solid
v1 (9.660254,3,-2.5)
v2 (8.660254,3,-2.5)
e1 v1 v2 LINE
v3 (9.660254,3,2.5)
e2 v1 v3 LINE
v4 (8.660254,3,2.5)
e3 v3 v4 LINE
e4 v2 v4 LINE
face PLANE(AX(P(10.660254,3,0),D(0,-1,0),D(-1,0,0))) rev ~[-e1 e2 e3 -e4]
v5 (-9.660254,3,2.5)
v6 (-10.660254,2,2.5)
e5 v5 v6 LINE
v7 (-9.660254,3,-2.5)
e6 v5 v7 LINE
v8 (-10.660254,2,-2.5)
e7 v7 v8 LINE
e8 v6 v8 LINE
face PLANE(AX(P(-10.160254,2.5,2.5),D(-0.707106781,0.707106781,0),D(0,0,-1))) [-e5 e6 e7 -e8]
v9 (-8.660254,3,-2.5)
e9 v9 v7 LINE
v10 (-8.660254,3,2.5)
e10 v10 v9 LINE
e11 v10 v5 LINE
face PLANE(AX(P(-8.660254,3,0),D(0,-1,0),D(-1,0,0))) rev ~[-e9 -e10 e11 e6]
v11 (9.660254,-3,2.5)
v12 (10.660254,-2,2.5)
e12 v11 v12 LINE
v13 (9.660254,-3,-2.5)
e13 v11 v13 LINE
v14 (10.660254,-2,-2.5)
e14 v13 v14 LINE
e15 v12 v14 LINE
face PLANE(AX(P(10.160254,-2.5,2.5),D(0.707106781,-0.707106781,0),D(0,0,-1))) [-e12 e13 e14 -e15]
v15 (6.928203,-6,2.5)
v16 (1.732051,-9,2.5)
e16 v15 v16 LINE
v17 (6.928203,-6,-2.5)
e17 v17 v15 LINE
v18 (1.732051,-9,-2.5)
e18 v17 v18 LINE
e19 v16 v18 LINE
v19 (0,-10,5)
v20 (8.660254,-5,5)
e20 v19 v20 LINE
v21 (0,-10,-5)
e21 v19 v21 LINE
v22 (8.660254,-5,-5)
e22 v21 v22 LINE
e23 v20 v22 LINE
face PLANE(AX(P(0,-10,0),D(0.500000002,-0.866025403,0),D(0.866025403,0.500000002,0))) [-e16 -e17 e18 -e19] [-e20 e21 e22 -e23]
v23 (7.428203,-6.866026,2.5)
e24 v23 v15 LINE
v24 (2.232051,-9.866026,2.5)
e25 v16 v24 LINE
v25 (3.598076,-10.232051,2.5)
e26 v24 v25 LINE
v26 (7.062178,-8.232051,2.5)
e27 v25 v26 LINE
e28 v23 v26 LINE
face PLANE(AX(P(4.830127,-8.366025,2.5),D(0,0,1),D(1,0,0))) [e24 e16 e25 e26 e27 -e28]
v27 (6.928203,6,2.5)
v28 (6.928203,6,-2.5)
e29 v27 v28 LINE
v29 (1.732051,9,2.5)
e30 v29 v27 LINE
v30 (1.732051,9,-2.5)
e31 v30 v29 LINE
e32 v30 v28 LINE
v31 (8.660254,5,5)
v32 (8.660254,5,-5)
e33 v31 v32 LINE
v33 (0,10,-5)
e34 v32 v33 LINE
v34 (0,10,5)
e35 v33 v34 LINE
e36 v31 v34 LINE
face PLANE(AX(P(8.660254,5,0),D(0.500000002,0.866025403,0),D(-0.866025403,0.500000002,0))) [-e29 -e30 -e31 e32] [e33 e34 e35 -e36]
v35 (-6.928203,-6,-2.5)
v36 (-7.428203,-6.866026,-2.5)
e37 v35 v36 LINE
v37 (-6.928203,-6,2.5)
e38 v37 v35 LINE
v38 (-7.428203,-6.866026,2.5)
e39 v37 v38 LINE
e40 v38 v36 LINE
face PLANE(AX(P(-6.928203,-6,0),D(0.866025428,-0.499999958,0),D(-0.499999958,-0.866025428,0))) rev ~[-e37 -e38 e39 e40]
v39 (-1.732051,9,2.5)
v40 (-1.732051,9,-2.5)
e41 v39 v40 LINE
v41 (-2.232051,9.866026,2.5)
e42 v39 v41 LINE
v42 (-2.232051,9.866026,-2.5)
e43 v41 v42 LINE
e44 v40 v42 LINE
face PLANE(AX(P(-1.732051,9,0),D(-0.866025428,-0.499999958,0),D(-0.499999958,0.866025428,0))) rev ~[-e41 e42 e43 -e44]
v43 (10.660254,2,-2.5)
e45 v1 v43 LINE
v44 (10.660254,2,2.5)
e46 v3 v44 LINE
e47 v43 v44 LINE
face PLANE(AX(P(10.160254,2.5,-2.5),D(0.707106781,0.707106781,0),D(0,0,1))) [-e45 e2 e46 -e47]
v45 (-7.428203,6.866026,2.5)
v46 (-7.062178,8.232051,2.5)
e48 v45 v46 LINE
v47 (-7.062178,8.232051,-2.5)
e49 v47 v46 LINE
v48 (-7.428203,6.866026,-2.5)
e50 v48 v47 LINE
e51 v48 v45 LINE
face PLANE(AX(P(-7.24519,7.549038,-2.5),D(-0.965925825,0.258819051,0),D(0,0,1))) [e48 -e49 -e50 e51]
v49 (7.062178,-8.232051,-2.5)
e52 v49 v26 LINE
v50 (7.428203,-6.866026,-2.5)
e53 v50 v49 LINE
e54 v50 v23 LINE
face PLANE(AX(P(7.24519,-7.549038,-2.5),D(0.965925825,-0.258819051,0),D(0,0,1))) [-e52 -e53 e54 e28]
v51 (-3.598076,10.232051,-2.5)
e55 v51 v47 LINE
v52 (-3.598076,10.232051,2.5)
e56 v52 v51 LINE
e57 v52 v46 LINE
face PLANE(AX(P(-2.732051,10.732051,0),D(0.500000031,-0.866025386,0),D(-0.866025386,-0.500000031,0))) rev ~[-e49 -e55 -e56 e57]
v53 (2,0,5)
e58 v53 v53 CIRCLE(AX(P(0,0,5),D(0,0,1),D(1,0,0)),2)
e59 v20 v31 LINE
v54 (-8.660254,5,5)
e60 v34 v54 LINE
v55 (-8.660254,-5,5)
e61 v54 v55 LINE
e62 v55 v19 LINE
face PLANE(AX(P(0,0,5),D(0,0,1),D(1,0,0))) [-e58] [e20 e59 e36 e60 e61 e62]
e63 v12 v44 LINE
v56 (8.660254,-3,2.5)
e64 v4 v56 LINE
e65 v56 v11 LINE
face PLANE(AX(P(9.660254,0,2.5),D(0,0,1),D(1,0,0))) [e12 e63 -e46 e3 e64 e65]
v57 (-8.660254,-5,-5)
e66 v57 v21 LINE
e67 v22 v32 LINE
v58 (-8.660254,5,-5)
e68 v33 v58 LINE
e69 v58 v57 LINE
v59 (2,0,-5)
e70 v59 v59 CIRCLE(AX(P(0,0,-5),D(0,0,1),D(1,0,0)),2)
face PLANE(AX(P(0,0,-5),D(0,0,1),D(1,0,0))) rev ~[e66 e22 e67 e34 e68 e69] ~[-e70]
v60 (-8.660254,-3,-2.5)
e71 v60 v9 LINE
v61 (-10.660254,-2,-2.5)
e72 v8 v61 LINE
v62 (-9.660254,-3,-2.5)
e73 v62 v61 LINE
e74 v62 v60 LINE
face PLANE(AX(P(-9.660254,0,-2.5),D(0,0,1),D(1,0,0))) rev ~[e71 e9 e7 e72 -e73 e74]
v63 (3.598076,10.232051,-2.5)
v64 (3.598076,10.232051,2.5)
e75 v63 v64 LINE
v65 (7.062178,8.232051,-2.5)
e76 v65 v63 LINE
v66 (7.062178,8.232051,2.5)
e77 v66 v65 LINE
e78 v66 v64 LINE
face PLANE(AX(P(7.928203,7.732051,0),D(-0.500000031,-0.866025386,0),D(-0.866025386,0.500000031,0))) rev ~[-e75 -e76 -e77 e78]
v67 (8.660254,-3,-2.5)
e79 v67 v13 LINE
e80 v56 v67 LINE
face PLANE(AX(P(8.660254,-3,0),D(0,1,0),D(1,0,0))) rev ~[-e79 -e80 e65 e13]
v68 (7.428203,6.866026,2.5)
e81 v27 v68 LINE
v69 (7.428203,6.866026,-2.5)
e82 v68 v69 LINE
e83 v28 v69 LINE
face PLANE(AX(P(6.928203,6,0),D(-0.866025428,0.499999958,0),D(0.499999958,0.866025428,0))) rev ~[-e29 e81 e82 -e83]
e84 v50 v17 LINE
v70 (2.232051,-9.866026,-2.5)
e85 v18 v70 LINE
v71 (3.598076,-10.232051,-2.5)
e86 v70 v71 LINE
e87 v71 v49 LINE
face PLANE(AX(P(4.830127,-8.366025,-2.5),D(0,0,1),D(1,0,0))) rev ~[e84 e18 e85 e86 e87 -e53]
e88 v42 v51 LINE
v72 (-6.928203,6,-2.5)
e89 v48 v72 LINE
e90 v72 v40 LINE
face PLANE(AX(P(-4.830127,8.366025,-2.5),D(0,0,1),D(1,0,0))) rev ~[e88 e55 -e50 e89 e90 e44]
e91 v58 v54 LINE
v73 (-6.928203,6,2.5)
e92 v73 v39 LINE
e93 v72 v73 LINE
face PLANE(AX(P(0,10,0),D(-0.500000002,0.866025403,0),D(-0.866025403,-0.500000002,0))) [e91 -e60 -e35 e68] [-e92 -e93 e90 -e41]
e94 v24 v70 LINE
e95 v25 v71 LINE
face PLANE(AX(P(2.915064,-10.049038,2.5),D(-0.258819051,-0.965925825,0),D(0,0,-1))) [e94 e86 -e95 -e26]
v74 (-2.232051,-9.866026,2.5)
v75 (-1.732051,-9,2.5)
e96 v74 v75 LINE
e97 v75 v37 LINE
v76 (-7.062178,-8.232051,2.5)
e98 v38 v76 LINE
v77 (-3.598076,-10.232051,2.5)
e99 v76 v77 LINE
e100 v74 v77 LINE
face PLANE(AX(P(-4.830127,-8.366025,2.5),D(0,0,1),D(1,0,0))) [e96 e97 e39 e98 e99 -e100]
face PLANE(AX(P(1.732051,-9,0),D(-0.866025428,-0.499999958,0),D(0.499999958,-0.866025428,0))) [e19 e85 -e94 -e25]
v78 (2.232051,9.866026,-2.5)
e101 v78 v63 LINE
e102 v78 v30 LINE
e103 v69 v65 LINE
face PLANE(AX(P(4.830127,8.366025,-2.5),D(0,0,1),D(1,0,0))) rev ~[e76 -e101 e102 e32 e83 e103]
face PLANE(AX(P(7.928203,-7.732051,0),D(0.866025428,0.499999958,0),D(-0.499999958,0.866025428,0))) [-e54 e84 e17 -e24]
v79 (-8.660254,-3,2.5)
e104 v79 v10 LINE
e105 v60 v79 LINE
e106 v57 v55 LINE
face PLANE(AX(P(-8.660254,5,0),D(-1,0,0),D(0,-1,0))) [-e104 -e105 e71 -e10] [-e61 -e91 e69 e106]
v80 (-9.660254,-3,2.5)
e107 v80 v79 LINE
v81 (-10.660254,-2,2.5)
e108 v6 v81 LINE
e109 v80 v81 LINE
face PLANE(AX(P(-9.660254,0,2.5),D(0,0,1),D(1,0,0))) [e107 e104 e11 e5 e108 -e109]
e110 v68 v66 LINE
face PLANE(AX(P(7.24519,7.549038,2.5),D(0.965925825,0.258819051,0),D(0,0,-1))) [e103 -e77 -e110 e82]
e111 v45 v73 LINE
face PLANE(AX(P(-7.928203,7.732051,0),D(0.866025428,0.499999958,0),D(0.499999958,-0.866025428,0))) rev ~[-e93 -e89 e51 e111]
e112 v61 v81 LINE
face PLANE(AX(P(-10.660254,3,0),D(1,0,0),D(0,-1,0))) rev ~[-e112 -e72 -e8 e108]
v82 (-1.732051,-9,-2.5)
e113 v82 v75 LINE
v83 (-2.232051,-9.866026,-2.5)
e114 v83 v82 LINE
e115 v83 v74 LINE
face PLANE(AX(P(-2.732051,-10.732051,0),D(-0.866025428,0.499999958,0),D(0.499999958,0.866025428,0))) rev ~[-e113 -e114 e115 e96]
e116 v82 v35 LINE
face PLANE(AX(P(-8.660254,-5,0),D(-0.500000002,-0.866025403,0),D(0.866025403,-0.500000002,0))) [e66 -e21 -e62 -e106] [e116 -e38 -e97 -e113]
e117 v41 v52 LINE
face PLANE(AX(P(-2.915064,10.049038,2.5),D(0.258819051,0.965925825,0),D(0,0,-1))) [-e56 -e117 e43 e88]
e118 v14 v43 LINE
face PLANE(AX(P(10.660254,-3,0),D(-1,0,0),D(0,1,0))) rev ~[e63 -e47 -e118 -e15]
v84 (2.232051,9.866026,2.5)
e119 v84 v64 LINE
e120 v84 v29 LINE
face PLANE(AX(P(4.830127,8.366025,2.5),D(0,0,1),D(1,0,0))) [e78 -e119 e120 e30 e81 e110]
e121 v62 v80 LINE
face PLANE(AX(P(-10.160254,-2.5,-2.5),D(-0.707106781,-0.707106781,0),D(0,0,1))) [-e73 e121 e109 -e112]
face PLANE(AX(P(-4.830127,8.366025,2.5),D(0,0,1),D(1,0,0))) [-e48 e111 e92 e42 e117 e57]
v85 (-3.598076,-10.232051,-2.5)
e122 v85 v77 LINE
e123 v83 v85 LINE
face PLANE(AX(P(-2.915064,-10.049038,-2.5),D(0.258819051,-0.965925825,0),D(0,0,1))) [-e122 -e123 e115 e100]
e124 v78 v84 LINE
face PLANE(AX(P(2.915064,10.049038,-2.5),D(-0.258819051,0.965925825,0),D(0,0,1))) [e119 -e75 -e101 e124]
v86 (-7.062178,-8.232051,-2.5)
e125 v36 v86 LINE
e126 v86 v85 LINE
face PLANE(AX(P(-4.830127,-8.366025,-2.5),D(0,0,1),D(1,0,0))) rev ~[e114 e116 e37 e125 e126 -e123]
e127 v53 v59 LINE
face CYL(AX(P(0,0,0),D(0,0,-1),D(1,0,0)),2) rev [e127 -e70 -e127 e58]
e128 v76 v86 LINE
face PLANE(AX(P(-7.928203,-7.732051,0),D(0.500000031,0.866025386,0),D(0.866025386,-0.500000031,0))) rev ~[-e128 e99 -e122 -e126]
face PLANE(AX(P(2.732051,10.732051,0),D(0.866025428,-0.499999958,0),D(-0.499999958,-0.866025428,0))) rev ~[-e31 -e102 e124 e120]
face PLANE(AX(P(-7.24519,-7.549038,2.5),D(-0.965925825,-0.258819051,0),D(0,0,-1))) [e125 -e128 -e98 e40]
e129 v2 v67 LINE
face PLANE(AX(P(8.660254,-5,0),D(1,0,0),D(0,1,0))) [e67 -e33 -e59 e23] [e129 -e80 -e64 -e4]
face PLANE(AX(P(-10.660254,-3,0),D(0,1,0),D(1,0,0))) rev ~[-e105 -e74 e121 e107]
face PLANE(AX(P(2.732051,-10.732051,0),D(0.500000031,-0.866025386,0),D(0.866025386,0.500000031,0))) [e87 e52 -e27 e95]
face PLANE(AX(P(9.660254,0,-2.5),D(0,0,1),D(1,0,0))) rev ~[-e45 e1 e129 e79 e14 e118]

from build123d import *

# Parameters (mm, degrees)
F0_R     = 2
F1_DEPTH = 5
F3_DEPTH = 2.5
F4_SIZE  = 1


with BuildPart() as f1:
    # F0 (on Top) → F1 (new body, symmetric)
    with BuildSketch(Plane.XY):
        Polygon((8.660254, 5), (0, 10), (-8.660254, 5), (-8.660254, -5), (0, -10), (8.660254, -5), align=None)
        Circle(F0_R, mode=Mode.SUBTRACT)
    extrude(amount=F1_DEPTH, both=True)

    # F2 (on Top) → F3 (join, symmetric)
    with BuildSketch(Plane.XY):
        Polygon((10.660254, -3), (10.660254, 0), (10.660254, 3), (8.660254, 3), (8.660254, 0), (8.660254, -3), align=None)
        Polygon((7.928203, 7.732051), (5.330127, 9.232051), (2.732051, 10.732051), (1.732051, 9), (4.330127, 7.5), (6.928203, 6), align=None)
        Polygon((-2.732051, 10.732051), (-5.330127, 9.232051), (-7.928203, 7.732051), (-6.928203, 6), (-4.330127, 7.5), (-1.732051, 9), align=None)
        Polygon((-10.660254, 3), (-10.660254, 0), (-10.660254, -3), (-8.660254, -3), (-8.660254, 0), (-8.660254, 3), align=None)
        Polygon((-7.928203, -7.732051), (-5.330127, -9.232051), (-2.732051, -10.732051), (-1.732051, -9), (-4.330127, -7.5), (-6.928203, -6), align=None)
        Polygon((2.732051, -10.732051), (5.330127, -9.232051), (7.928203, -7.732051), (6.928203, -6), (4.330127, -7.5), (1.732051, -9), align=None)
    extrude(amount=F3_DEPTH, both=True)

    # F4
    f4_edges = [f1.edges().sort_by_distance(p)[0] for p in [
        (10.660254, 3, 0),
        (10.660254, -3, 0),
        (7.928203, -7.732051, 0),
        (2.732051, -10.732051, 0),
        (-2.732051, -10.732051, 0),
        (-7.928203, -7.732051, 0),
        (-10.660254, -3, 0),
        (-10.660254, 3, 0),
        (-7.928203, 7.732051, 0),
        (-2.732051, 10.732051, 0),
        (2.732051, 10.732051, 0),
        (7.928203, 7.732051, 0),
    ]]
    chamfer(f4_edges, length=F4_SIZE)


solid = f1.part
